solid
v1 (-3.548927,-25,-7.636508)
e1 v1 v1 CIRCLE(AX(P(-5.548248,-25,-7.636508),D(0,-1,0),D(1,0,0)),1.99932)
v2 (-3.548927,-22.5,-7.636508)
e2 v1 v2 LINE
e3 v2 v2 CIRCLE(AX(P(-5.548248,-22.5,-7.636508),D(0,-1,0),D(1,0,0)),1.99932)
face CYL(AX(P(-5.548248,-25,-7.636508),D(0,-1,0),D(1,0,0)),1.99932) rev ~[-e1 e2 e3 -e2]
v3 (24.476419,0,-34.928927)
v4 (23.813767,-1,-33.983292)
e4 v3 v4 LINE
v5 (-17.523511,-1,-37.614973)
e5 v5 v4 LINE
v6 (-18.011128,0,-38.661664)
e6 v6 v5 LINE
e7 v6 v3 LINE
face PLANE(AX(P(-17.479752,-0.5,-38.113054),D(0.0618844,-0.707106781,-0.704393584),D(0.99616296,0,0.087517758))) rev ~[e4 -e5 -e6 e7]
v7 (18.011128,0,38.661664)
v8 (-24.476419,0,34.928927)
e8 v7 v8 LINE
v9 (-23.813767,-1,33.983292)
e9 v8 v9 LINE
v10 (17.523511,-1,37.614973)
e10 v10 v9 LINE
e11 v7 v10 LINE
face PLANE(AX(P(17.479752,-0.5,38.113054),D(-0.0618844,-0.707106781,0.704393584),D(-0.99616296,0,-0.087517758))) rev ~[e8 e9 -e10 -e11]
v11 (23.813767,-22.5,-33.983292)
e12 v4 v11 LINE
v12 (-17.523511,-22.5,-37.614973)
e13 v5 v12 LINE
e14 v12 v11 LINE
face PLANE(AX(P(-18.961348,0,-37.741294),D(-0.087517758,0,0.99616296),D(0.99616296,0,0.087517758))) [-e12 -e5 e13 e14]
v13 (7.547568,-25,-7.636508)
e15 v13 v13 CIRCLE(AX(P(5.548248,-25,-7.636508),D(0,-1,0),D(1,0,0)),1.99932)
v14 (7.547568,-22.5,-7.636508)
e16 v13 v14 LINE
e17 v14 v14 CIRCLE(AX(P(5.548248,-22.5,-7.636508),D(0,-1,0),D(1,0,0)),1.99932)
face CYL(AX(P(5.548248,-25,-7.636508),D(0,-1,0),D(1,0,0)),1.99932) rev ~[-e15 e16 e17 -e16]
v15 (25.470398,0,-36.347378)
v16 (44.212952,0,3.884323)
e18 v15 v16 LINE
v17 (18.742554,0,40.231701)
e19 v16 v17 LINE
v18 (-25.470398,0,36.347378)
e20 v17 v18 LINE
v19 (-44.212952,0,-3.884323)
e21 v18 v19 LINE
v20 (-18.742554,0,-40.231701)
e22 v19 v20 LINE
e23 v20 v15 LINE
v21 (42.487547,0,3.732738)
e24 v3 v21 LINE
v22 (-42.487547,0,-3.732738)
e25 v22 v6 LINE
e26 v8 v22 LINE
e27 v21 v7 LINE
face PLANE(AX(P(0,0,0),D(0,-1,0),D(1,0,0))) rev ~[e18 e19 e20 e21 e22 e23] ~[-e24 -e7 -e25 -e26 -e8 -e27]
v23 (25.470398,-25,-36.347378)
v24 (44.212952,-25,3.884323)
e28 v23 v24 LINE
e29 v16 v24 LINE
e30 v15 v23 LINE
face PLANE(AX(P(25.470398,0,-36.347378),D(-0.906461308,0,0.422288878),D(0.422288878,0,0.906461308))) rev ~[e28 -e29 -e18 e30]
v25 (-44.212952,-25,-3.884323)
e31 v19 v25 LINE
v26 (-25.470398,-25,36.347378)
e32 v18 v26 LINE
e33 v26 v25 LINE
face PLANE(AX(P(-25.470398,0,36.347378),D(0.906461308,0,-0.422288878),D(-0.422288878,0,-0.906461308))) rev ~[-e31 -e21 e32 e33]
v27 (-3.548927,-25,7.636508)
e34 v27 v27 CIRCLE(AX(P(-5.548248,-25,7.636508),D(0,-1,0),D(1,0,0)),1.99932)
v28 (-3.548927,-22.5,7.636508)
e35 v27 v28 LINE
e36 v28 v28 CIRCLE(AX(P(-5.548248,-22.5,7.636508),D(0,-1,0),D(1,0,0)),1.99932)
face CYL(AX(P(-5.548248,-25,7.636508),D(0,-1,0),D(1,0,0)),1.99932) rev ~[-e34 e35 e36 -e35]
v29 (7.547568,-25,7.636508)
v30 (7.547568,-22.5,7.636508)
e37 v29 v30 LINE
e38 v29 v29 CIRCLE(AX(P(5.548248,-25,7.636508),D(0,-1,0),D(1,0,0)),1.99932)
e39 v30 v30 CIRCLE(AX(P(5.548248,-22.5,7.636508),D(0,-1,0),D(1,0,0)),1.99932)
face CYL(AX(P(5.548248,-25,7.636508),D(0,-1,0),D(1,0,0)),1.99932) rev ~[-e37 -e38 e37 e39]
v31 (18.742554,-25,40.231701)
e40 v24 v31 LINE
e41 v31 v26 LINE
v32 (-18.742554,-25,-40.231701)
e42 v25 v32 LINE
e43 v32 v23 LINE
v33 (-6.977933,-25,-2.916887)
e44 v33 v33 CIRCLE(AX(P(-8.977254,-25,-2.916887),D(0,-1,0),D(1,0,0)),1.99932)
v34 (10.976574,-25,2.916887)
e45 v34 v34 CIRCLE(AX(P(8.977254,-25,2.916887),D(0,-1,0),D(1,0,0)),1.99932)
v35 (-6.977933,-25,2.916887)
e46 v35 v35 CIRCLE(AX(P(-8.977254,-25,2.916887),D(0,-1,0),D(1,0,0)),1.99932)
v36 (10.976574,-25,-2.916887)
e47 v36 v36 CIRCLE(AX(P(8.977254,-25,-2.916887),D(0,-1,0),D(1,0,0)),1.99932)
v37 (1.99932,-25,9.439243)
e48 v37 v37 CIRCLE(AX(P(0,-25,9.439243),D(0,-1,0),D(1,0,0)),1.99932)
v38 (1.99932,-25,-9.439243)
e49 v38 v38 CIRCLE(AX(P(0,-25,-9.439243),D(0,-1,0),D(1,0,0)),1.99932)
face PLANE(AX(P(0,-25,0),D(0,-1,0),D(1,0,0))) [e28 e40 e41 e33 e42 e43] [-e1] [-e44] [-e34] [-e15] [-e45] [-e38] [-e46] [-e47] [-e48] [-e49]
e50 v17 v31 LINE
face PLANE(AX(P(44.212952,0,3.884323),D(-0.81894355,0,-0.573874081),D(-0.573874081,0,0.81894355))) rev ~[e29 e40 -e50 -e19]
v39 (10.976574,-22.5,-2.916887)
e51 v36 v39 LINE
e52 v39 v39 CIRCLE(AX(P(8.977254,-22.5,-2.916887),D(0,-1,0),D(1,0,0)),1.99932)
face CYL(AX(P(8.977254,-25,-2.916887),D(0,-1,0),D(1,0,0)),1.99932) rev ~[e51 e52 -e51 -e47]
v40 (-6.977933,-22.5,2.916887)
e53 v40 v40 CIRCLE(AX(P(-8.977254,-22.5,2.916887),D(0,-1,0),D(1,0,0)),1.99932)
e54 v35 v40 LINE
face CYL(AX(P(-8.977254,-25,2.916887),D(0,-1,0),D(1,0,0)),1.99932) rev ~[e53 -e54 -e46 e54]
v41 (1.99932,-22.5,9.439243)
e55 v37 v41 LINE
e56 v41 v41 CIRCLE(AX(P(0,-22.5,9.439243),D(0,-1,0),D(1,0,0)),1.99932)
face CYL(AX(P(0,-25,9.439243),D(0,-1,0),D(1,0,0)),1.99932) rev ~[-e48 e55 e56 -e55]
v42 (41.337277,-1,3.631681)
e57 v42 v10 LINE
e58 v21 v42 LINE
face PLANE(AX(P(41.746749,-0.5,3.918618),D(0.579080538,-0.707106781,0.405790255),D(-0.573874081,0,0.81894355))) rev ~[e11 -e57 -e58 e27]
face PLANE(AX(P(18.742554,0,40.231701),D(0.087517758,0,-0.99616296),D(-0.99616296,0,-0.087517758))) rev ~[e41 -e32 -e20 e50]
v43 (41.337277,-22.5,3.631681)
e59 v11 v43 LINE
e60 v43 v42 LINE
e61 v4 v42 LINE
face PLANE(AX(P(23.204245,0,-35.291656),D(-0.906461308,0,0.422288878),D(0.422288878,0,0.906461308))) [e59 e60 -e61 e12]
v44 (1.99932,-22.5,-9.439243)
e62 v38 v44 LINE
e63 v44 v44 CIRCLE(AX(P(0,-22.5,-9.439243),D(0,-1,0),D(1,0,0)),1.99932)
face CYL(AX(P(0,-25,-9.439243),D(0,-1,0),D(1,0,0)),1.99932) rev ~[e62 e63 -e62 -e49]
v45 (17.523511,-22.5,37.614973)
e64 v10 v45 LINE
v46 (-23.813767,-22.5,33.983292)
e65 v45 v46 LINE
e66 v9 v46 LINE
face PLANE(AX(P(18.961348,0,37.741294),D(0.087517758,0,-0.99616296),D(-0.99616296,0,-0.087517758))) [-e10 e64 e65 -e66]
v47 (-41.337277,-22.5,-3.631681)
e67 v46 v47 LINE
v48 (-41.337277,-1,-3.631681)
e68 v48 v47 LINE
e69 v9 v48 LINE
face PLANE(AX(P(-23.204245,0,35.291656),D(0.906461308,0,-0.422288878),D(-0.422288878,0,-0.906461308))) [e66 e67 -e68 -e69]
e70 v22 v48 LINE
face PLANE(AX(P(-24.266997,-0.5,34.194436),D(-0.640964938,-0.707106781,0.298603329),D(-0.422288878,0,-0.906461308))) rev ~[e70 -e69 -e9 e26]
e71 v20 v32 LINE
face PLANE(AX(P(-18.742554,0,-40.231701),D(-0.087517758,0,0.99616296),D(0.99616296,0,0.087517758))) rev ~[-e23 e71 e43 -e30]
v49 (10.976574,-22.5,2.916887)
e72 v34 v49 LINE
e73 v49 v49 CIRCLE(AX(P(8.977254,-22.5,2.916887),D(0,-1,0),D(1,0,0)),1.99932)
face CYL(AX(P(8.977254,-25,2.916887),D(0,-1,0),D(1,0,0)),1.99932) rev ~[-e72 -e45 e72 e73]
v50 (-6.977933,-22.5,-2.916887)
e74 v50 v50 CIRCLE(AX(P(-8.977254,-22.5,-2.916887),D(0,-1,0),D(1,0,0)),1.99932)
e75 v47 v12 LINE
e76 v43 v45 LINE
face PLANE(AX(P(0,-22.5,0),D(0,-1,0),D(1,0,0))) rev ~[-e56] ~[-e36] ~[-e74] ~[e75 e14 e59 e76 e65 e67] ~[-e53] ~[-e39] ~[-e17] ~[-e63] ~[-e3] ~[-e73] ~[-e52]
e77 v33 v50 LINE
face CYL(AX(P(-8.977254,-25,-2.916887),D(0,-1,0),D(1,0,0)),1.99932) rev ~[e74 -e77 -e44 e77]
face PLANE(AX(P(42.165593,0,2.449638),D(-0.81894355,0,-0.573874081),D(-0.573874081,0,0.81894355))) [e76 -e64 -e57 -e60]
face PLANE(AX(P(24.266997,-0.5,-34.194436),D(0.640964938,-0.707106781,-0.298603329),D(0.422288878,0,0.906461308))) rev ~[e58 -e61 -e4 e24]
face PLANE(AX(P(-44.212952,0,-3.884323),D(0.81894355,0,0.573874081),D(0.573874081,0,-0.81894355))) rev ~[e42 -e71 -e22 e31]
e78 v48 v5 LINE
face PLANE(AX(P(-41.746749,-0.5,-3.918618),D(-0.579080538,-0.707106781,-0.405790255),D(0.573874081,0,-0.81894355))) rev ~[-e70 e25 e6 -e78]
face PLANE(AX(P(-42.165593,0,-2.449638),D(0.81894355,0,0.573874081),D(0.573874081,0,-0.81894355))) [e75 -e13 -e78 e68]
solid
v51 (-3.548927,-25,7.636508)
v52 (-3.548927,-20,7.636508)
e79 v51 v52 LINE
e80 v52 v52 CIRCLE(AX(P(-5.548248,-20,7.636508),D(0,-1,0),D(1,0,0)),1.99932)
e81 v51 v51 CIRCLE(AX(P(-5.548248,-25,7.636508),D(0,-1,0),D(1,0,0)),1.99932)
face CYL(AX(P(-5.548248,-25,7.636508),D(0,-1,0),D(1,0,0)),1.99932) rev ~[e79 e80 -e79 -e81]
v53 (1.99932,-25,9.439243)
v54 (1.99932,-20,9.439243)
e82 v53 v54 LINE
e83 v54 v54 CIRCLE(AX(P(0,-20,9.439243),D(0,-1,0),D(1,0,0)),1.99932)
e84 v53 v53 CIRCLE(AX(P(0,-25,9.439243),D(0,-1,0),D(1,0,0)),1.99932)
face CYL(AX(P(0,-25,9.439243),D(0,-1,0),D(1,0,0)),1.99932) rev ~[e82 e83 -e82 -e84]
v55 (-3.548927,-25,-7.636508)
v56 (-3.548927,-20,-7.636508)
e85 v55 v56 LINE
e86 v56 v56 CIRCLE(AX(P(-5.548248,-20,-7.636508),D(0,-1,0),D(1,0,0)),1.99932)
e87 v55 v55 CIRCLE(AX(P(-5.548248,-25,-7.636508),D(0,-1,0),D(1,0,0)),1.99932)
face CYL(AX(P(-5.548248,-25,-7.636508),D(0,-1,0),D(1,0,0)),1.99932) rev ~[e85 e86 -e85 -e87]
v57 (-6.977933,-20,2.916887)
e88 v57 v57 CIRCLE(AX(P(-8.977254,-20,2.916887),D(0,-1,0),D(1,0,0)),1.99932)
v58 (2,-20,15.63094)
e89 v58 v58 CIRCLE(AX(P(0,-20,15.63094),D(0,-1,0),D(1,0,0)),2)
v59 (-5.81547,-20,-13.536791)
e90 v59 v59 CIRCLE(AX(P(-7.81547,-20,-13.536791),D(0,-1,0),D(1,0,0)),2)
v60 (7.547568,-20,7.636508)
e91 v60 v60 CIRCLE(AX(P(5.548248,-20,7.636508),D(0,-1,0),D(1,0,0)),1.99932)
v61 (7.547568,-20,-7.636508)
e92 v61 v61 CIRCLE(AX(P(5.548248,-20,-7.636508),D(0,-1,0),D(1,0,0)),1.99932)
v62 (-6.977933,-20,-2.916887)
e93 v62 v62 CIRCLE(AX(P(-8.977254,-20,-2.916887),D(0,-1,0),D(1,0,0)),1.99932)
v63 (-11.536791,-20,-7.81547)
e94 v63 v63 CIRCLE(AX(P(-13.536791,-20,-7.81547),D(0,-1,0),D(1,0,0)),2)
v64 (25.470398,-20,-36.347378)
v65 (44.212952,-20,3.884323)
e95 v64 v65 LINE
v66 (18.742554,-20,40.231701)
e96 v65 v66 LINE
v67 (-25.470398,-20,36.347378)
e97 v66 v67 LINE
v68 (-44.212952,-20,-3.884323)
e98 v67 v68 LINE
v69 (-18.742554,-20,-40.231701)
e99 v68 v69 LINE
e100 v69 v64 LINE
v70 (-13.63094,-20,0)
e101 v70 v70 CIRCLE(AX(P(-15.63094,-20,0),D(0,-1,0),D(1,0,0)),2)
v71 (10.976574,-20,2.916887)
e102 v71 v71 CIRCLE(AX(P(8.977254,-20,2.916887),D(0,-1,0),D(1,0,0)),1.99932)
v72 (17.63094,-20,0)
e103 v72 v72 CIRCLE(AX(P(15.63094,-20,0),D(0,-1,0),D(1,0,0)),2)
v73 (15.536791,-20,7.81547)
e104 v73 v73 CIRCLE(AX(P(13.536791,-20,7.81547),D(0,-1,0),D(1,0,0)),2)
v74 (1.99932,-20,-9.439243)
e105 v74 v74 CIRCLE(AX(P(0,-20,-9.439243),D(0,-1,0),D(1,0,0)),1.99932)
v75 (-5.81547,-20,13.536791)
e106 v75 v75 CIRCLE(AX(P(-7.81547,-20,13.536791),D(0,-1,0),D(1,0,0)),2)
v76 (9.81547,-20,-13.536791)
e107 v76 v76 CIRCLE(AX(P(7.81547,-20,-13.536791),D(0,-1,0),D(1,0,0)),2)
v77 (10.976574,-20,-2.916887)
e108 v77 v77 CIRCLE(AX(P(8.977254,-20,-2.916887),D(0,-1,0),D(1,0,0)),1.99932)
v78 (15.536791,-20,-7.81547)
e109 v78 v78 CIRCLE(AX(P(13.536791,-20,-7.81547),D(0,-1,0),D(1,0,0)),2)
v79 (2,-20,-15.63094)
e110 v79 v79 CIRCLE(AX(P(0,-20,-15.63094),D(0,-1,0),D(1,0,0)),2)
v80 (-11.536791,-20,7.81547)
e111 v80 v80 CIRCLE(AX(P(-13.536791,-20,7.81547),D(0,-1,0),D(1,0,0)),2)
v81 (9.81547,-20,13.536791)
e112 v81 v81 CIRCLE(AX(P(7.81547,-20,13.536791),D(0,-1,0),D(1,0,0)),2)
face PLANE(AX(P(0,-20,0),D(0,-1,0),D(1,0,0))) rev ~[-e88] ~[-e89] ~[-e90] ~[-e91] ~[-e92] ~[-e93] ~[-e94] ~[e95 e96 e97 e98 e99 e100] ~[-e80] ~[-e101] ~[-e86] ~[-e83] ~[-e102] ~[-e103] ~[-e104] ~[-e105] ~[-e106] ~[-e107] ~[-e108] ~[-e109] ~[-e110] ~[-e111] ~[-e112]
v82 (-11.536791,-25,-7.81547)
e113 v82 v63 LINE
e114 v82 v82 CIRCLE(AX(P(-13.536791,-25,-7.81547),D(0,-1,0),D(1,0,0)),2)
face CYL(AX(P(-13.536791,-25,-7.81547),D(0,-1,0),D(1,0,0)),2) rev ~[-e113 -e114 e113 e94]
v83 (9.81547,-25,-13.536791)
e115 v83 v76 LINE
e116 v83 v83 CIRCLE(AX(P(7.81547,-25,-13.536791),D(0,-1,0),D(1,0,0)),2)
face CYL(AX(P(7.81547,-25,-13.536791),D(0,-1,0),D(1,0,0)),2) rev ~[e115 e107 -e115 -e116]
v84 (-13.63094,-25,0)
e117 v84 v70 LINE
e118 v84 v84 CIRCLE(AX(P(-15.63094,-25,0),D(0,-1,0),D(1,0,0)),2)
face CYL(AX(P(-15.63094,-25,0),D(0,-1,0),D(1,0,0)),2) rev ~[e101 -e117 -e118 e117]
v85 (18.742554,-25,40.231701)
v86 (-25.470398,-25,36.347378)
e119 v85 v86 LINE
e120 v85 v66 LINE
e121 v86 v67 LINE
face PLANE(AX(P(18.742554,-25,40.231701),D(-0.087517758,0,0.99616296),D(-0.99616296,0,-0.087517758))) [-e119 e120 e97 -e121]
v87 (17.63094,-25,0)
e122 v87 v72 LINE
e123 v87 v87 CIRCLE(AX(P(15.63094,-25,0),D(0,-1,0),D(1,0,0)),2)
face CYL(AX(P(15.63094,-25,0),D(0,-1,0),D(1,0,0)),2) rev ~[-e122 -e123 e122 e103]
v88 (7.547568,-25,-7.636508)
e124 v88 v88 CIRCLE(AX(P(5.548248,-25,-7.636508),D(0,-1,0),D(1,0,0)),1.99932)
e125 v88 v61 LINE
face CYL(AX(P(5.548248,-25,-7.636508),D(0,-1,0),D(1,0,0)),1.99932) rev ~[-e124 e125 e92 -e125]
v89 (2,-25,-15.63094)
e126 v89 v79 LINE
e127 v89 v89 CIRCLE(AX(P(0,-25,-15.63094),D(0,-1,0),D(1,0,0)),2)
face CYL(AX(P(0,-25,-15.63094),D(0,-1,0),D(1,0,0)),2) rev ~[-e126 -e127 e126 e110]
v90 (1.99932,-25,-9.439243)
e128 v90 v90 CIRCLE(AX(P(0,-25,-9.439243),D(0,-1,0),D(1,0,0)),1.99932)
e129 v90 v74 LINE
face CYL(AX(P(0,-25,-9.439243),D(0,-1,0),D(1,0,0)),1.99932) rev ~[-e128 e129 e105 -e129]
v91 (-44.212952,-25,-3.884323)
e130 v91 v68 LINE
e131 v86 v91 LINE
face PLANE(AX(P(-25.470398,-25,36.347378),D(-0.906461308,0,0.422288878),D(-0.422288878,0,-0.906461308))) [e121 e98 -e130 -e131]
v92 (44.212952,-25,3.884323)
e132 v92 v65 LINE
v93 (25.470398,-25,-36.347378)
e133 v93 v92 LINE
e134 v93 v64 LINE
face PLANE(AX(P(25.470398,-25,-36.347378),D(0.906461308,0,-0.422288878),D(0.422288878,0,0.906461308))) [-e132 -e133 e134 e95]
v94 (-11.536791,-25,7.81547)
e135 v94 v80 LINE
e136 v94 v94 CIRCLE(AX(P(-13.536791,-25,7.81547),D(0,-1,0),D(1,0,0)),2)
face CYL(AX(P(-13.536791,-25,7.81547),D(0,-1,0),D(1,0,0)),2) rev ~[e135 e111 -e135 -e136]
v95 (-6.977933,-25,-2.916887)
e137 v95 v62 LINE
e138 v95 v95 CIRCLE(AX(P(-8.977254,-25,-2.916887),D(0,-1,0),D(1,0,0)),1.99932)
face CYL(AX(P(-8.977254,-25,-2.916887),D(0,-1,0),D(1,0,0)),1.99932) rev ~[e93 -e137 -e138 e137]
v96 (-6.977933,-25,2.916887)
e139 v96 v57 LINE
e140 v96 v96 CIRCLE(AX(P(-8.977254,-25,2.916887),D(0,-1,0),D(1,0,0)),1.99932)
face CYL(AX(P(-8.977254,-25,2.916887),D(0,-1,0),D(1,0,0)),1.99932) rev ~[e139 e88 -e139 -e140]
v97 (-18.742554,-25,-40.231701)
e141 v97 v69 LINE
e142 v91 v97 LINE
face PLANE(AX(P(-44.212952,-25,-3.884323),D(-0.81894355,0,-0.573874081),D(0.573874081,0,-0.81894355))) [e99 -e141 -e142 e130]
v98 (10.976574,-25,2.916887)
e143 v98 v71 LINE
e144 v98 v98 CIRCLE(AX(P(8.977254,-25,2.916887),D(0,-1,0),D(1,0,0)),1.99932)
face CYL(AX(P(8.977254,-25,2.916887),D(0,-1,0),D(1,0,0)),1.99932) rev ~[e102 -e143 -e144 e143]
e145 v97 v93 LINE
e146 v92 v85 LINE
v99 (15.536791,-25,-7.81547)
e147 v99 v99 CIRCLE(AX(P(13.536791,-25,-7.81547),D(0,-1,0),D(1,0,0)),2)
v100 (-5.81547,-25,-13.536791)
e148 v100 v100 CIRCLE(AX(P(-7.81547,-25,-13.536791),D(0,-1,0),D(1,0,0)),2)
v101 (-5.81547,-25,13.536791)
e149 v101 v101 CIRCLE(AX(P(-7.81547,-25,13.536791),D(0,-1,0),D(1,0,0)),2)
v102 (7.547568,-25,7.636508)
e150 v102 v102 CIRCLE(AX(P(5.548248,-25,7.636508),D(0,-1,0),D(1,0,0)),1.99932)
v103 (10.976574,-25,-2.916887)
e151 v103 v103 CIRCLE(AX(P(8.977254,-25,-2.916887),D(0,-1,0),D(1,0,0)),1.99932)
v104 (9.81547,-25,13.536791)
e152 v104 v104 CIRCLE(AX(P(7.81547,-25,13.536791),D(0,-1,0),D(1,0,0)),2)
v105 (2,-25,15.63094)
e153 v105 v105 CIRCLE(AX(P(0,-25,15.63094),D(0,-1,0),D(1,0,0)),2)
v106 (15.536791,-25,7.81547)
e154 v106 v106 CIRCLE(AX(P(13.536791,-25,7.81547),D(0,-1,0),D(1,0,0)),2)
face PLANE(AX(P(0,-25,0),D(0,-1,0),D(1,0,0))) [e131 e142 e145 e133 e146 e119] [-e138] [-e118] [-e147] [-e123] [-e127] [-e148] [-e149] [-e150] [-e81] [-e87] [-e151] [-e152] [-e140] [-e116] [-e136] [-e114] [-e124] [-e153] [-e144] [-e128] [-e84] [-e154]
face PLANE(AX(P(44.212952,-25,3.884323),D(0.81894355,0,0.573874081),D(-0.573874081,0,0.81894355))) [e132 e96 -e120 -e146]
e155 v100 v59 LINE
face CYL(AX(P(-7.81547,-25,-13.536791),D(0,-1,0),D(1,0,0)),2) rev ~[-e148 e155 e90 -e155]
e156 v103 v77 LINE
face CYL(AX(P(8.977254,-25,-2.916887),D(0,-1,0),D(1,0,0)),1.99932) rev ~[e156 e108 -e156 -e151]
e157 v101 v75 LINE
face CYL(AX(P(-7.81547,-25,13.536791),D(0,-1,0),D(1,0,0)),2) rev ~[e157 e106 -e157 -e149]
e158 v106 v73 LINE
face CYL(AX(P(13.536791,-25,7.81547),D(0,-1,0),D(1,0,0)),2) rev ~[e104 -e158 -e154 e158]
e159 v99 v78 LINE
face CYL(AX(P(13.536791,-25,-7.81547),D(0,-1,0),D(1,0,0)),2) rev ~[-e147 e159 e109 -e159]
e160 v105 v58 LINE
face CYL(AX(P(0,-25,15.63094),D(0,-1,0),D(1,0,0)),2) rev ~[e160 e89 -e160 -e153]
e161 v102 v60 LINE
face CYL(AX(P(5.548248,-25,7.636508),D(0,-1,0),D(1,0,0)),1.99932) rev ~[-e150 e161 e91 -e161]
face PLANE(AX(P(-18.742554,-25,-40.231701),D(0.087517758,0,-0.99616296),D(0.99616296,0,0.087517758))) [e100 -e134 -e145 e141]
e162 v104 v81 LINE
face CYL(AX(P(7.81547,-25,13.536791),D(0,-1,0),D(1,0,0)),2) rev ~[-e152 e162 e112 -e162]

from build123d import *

# Parameters (mm, degrees)
F1_DEPTH = 25
F2_T     = -2.5
F3_R     = 2
F4_DEPTH = 5
F5_SIZE  = 1
F6_R     = 1.999320399
F7_DEPTH = 25


with BuildPart() as f1:
    # F0 (on Front) → F1 (new body)
    with BuildSketch(Plane.XZ):
        Polygon((44.2129522182, 3.8843227538), (18.7425539278, 40.2317011741), (-25.4703982904, 36.3473784203), (-44.2129522182, -3.8843227538), (-18.7425539278, -40.2317011741), (25.4703982904, -36.3473784203), align=None)
    extrude(amount=F1_DEPTH)

    # F2
    f2_openings = [f1.faces().sort_by_distance(p)[0] for p in [
        (0, 0, 0),
    ]]
    offset(amount=F2_T, openings=f2_openings)

    # F5
    f5_edges = [f1.edges().sort_by_distance(p)[0] for p in [
        (-29.430394, 0, -20.623327),
        (-32.575522, 0, 15.175806),
        (3.145128, 0, -35.799132),
        (-3.145128, 0, 35.799132),
        (29.430394, 0, 20.623327),
        (32.575522, 0, -15.175806),
    ]]
    chamfer(f5_edges, length=F5_SIZE)


with BuildPart() as f4:
    # F3 (on face) → F4 (new body)
    with BuildSketch(Plane.XZ.offset(25)):
        Polygon((25.4703982904, -36.3473784203), (44.2129522182, 3.8843227538), (18.7425539278, 40.2317011741), (-25.4703982904, 36.3473784203), (-44.2129522182, -3.8843227538), (-18.7425539278, -40.2317011741), align=None)
        with Locations((-7.8154700959, -13.5367913226)):
            Circle(F3_R, mode=Mode.SUBTRACT)
        with Locations((-13.5367913058, -7.8154701251)):
            Circle(F3_R, mode=Mode.SUBTRACT)
        with Locations((-15.6309402191, -2.02e-08)):
            Circle(F3_R, mode=Mode.SUBTRACT)
        with Locations((1.35e-08, -15.6309402191)):
            Circle(F3_R, mode=Mode.SUBTRACT)
        with Locations((7.8154701193, -13.5367913091)):
            Circle(F3_R, mode=Mode.SUBTRACT)
        with Locations((13.5367913192, -7.8154701017)):
            Circle(F3_R, mode=Mode.SUBTRACT)
        with Locations((-13.536791326, 7.8154700901)):
            Circle(F3_R, mode=Mode.SUBTRACT)
        with Locations((-7.8154701309, 13.5367913024)):
            Circle(F3_R, mode=Mode.SUBTRACT)
        with Locations((15.6309402191, 6.7e-09)):
            Circle(F3_R, mode=Mode.SUBTRACT)
        with Locations((13.5367913125, 7.8154701134)):
            Circle(F3_R, mode=Mode.SUBTRACT)
        with Locations((7.8154701076, 13.5367913159)):
            Circle(F3_R, mode=Mode.SUBTRACT)
        with Locations((0, 15.6309402191)):
            Circle(F3_R, mode=Mode.SUBTRACT)
    extrude(amount=-F4_DEPTH)


with BuildPart() as f7_tool:
    # F6 (on face) → F7 (new body)
    with BuildSketch(Plane.XZ.offset(25)):
        with Locations((0, -9.4392430037)):
            Circle(F6_R)
        with Locations((5.5482478304, -7.636508004)):
            Circle(F6_R)
        with Locations((8.9772535676, -2.9168865022)):
            Circle(F6_R)
        with Locations((8.9772535676, 2.9168865022)):
            Circle(F6_R)
        with Locations((5.5482478304, 7.636508004)):
            Circle(F6_R)
        with Locations((0, 9.4392430037)):
            Circle(F6_R)
        with Locations((-5.5482478304, 7.636508004)):
            Circle(F6_R)
        with Locations((-8.9772535676, 2.9168865022)):
            Circle(F6_R)
        with Locations((-8.9772535676, -2.9168865022)):
            Circle(F6_R)
        with Locations((-5.5482478304, -7.636508004)):
            Circle(F6_R)
    extrude(amount=-F7_DEPTH)


with BuildPart() as f1_1:
    add(f1.part)

    # F7: cut by f7_tool
    add(f7_tool.part, mode=Mode.SUBTRACT)


with BuildPart() as f4_1:
    add(f4.part)

    # F7: cut by f7_tool
    add(f7_tool.part, mode=Mode.SUBTRACT)


solid = Compound([f1_1.part, f4_1.part])
